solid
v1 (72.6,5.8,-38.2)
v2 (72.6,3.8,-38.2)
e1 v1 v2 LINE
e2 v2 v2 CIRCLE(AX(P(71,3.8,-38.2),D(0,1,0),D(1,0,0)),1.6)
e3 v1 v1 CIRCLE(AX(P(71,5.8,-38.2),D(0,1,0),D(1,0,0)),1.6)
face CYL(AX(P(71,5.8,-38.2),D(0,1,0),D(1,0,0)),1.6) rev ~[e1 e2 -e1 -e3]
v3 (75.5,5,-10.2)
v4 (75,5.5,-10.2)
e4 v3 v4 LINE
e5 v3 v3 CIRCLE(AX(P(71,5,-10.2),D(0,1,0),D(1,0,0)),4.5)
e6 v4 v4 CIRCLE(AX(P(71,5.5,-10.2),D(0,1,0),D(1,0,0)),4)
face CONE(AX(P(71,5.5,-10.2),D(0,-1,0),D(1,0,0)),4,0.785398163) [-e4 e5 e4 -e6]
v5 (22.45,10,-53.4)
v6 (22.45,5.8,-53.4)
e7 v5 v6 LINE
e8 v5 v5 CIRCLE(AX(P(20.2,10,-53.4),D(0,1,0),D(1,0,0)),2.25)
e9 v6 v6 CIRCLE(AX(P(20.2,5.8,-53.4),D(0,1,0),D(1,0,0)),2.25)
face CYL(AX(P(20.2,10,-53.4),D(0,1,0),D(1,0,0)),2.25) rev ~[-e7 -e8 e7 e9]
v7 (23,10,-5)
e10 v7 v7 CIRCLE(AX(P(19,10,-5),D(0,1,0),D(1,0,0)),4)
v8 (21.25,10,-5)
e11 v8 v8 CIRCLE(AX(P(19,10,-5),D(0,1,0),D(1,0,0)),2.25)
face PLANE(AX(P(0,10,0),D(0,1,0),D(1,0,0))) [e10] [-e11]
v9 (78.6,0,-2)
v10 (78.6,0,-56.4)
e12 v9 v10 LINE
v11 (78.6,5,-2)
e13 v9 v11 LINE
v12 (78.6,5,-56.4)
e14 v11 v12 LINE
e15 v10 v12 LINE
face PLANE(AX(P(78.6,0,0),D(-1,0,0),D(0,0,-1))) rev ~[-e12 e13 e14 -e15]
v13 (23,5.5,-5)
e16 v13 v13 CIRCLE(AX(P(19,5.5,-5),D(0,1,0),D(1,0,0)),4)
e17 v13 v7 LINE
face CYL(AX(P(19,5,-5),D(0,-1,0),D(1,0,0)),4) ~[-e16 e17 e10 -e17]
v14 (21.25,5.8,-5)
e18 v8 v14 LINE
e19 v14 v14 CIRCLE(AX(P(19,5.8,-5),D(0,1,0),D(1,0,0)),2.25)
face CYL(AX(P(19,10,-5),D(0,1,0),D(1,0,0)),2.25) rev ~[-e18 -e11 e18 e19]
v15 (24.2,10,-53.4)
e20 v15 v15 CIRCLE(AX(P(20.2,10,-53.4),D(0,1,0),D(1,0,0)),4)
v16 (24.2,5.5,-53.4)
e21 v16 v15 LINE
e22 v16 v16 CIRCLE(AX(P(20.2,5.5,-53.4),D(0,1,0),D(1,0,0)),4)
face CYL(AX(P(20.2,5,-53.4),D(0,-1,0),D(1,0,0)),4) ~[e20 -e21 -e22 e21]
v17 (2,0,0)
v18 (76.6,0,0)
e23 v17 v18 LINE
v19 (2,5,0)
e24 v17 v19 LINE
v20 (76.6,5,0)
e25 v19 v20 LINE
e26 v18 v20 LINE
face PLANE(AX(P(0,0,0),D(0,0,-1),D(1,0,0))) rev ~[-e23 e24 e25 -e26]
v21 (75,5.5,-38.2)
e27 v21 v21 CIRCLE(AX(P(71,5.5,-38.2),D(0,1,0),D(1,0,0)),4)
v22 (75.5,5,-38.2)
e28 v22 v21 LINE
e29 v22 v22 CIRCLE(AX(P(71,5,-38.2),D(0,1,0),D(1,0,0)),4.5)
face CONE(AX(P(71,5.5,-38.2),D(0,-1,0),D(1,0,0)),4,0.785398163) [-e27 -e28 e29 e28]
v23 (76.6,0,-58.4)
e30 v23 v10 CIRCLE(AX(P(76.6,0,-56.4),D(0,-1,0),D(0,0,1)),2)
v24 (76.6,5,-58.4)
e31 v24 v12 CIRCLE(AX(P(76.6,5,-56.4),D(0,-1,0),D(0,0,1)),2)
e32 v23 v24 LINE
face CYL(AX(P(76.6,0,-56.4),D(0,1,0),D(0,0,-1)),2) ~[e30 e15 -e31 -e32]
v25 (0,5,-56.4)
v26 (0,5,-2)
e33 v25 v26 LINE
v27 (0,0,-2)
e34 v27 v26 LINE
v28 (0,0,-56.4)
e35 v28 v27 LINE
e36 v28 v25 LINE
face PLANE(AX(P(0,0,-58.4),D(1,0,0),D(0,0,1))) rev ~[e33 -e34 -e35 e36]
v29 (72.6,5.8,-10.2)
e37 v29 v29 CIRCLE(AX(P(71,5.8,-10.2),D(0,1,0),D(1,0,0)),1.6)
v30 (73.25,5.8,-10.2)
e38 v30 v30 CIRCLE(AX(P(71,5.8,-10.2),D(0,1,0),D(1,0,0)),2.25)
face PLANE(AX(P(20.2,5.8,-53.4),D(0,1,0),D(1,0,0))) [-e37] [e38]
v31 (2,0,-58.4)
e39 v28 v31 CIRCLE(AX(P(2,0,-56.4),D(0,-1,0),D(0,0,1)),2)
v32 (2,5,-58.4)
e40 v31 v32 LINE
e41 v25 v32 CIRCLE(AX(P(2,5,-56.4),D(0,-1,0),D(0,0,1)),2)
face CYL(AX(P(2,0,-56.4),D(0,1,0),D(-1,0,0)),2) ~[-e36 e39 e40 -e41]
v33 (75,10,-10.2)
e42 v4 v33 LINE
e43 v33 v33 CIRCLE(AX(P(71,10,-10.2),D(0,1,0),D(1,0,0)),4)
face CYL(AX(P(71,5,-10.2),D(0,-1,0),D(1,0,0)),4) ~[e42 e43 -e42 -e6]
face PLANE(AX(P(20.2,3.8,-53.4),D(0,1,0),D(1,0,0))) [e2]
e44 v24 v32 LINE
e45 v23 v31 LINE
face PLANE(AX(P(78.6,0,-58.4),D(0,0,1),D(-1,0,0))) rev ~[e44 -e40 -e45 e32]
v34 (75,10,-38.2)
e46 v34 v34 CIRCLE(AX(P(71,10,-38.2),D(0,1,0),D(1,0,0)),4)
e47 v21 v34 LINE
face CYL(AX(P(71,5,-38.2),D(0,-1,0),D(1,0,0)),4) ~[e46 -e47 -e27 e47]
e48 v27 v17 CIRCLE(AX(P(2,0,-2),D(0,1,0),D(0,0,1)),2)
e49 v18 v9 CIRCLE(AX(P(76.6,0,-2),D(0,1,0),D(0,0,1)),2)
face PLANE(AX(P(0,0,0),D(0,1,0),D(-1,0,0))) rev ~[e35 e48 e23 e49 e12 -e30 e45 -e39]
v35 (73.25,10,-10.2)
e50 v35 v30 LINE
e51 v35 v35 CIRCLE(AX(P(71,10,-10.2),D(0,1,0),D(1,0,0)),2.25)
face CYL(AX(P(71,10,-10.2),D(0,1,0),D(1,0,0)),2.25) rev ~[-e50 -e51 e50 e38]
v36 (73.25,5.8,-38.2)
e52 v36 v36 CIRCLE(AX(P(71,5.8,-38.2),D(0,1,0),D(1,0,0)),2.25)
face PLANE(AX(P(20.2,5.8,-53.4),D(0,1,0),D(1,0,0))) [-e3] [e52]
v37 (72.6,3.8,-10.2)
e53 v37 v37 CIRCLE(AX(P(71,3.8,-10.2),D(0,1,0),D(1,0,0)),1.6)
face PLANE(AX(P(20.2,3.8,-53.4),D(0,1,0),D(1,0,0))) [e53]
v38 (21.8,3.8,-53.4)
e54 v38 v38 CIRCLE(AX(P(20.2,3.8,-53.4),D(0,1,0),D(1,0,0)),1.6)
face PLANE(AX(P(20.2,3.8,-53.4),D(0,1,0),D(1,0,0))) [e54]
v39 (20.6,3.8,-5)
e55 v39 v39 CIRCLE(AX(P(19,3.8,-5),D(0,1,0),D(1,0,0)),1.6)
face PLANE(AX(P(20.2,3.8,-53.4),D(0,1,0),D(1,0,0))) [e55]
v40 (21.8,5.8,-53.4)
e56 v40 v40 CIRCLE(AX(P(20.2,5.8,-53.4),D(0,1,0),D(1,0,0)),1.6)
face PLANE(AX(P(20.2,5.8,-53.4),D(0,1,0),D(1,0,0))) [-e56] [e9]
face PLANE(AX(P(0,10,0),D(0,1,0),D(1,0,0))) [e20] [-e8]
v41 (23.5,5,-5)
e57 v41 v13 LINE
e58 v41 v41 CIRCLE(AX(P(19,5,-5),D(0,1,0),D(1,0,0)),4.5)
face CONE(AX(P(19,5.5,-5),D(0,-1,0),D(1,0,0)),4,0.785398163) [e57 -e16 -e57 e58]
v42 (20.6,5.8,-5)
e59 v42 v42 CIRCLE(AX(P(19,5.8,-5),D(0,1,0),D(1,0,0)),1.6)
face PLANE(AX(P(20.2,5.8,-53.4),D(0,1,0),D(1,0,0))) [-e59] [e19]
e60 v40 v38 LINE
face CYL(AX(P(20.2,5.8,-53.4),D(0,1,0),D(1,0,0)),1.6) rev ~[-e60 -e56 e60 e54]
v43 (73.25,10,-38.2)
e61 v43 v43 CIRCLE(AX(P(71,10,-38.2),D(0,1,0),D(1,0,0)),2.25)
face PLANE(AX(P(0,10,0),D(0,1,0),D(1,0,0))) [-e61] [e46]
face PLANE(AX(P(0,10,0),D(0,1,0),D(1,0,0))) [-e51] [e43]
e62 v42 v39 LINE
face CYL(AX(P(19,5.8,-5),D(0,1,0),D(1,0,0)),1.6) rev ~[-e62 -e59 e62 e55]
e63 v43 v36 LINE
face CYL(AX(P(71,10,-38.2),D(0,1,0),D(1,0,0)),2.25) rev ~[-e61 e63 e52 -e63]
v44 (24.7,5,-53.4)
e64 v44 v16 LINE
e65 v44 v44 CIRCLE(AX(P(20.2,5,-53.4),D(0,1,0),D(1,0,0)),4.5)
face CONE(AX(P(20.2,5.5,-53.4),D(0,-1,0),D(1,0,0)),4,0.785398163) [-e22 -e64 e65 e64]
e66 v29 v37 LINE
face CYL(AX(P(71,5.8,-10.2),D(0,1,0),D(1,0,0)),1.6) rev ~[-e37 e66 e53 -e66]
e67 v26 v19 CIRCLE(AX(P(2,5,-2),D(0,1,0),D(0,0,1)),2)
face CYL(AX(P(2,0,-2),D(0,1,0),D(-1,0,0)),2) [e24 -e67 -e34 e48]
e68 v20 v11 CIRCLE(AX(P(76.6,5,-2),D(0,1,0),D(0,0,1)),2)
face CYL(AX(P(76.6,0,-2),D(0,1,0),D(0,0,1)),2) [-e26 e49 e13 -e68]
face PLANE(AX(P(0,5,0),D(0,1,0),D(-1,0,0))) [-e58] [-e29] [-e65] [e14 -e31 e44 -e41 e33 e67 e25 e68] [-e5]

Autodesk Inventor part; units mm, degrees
ref_plane "YZ Plane" through (0, 0, 0) normal (1, 0, 0) x (0, 1, 0)
ref_plane "XZ Plane" through (0, 0, 0) normal (0, 1, 0) x (-1, 0, 0)
ref_plane "XY Plane" through (0, 0, 0) normal (0, 0, 1) x (1, 0, 0)
sketch "Sketch1" plane through (0, 0, 0) normal (0, 1, 0) x (-1, 0, 0)
  line L0 (0, 0) -> (-78.6, 0)
  line L1 (-78.6, 0) -> (-78.6, -58.4)
  line L2 (-78.6, -58.4) -> (0, -58.4)
  line L3 (0, -58.4) -> (0, 0)
  dimension "d0" = 78.6
  dimension "d1" = 58.4
extrude "Extrusion1" add sketch "Sketch1" along normal blind 5
sketch "Sketch2" plane through (0, 5, 0) normal (0, 1, 0) x (1, 0, 0)
  circle A0 centre (19, 5) radius 4
  line L0 (0, 58.4) -> (0, 0) projected
  line L1 (0, 0) -> (78.6, 0) projected
  circle A1 centre (20.2, 53.4) radius 4
  line L2 (78.6, 58.4) -> (0, 58.4) projected
  circle A2 centre (71, 38.2) radius 4
  circle A3 centre (71, 10.2) radius 4
  line L3 (78.6, 0) -> (78.6, 58.4) projected
  dimension "d4" = 8
  dimension "d5" = 19
  dimension "d6" = 5
  dimension "d7" = 8
  dimension "d8" = 20.2
  dimension "d9" = 5
  dimension "d10" = 8
  dimension "d11" = 8
  dimension "d12" = 20.2
  dimension "d13" = 7.6
  dimension "d14" = 7.6
  dimension "d15" = 28
extrude "Extrusion2" add sketch "Sketch2" along normal blind 5 contours A0 | A1 | A2 | A3
sketch "Sketch3" plane through (20.2, 10, -53.4) normal (0, 1, 0) x (1, 0, 0)
  circle A0 centre (50.8, -15.2) radius 4 projected
  circle A1 centre (0, 0) radius 4 projected
  circle A2 centre (-1.2, -48.4) radius 4 projected
  circle A3 centre (50.8, -43.2) radius 4 projected
  circle A4 centre (0, 0) radius 2.25
  circle A5 centre (50.8, -15.2) radius 2.25
  circle A6 centre (-1.2, -48.4) radius 2.25
  circle A7 centre (50.8, -43.2) radius 2.25
  point P0 (-20.2, -53.4)
  dimension "d18" = 4.5
  dimension "d19" = 4.5
  dimension "d20" = 4.5
  dimension "d21" = 4.5
extrude "Extrusion3" cut sketch "Sketch3" against normal blind 4.2 contours A4 | A5 | A6 | A7
sketch "Sketch4" plane through (20.2, 5.8, -53.4) normal (0, 1, 0) x (1, 0, 0)
  circle A0 centre (0, 0) radius 2.25 projected
  circle A1 centre (50.8, -15.2) radius 2.25 projected
  circle A2 centre (50.8, -43.2) radius 2.25 projected
  circle A3 centre (-1.2, -48.4) radius 2.25 projected
  circle A4 centre (0, 0) radius 1.6
  circle A5 centre (50.8, -15.2) radius 1.6
  circle A6 centre (50.8, -43.2) radius 1.6
  circle A7 centre (-1.2, -48.4) radius 1.6
  point P0 (-20.2, -53.4)
  dimension "d24" = 3.2
  dimension "d25" = 3.2
  dimension "d26" = 3.2
  dimension "d27" = 3.2
extrude "Extrusion4" cut sketch "Sketch4" against normal blind 2 contours A4 | A5 | A6 | A7
chamfer "Chamfer1" distance 0.5 angle 45 4 edges at (16.2, 5, -53.4) (15, 5, -5) (67, 5, -10.2) (67, 5, -38.2)
fillet "Fillet1" radius 2 4 edges at (0, 2.5, -58.4) (0, 2.5, 0) (78.6, 2.5, 0) (78.6, 2.5, -58.4)
properties part number "Leonardo_Backplate"
